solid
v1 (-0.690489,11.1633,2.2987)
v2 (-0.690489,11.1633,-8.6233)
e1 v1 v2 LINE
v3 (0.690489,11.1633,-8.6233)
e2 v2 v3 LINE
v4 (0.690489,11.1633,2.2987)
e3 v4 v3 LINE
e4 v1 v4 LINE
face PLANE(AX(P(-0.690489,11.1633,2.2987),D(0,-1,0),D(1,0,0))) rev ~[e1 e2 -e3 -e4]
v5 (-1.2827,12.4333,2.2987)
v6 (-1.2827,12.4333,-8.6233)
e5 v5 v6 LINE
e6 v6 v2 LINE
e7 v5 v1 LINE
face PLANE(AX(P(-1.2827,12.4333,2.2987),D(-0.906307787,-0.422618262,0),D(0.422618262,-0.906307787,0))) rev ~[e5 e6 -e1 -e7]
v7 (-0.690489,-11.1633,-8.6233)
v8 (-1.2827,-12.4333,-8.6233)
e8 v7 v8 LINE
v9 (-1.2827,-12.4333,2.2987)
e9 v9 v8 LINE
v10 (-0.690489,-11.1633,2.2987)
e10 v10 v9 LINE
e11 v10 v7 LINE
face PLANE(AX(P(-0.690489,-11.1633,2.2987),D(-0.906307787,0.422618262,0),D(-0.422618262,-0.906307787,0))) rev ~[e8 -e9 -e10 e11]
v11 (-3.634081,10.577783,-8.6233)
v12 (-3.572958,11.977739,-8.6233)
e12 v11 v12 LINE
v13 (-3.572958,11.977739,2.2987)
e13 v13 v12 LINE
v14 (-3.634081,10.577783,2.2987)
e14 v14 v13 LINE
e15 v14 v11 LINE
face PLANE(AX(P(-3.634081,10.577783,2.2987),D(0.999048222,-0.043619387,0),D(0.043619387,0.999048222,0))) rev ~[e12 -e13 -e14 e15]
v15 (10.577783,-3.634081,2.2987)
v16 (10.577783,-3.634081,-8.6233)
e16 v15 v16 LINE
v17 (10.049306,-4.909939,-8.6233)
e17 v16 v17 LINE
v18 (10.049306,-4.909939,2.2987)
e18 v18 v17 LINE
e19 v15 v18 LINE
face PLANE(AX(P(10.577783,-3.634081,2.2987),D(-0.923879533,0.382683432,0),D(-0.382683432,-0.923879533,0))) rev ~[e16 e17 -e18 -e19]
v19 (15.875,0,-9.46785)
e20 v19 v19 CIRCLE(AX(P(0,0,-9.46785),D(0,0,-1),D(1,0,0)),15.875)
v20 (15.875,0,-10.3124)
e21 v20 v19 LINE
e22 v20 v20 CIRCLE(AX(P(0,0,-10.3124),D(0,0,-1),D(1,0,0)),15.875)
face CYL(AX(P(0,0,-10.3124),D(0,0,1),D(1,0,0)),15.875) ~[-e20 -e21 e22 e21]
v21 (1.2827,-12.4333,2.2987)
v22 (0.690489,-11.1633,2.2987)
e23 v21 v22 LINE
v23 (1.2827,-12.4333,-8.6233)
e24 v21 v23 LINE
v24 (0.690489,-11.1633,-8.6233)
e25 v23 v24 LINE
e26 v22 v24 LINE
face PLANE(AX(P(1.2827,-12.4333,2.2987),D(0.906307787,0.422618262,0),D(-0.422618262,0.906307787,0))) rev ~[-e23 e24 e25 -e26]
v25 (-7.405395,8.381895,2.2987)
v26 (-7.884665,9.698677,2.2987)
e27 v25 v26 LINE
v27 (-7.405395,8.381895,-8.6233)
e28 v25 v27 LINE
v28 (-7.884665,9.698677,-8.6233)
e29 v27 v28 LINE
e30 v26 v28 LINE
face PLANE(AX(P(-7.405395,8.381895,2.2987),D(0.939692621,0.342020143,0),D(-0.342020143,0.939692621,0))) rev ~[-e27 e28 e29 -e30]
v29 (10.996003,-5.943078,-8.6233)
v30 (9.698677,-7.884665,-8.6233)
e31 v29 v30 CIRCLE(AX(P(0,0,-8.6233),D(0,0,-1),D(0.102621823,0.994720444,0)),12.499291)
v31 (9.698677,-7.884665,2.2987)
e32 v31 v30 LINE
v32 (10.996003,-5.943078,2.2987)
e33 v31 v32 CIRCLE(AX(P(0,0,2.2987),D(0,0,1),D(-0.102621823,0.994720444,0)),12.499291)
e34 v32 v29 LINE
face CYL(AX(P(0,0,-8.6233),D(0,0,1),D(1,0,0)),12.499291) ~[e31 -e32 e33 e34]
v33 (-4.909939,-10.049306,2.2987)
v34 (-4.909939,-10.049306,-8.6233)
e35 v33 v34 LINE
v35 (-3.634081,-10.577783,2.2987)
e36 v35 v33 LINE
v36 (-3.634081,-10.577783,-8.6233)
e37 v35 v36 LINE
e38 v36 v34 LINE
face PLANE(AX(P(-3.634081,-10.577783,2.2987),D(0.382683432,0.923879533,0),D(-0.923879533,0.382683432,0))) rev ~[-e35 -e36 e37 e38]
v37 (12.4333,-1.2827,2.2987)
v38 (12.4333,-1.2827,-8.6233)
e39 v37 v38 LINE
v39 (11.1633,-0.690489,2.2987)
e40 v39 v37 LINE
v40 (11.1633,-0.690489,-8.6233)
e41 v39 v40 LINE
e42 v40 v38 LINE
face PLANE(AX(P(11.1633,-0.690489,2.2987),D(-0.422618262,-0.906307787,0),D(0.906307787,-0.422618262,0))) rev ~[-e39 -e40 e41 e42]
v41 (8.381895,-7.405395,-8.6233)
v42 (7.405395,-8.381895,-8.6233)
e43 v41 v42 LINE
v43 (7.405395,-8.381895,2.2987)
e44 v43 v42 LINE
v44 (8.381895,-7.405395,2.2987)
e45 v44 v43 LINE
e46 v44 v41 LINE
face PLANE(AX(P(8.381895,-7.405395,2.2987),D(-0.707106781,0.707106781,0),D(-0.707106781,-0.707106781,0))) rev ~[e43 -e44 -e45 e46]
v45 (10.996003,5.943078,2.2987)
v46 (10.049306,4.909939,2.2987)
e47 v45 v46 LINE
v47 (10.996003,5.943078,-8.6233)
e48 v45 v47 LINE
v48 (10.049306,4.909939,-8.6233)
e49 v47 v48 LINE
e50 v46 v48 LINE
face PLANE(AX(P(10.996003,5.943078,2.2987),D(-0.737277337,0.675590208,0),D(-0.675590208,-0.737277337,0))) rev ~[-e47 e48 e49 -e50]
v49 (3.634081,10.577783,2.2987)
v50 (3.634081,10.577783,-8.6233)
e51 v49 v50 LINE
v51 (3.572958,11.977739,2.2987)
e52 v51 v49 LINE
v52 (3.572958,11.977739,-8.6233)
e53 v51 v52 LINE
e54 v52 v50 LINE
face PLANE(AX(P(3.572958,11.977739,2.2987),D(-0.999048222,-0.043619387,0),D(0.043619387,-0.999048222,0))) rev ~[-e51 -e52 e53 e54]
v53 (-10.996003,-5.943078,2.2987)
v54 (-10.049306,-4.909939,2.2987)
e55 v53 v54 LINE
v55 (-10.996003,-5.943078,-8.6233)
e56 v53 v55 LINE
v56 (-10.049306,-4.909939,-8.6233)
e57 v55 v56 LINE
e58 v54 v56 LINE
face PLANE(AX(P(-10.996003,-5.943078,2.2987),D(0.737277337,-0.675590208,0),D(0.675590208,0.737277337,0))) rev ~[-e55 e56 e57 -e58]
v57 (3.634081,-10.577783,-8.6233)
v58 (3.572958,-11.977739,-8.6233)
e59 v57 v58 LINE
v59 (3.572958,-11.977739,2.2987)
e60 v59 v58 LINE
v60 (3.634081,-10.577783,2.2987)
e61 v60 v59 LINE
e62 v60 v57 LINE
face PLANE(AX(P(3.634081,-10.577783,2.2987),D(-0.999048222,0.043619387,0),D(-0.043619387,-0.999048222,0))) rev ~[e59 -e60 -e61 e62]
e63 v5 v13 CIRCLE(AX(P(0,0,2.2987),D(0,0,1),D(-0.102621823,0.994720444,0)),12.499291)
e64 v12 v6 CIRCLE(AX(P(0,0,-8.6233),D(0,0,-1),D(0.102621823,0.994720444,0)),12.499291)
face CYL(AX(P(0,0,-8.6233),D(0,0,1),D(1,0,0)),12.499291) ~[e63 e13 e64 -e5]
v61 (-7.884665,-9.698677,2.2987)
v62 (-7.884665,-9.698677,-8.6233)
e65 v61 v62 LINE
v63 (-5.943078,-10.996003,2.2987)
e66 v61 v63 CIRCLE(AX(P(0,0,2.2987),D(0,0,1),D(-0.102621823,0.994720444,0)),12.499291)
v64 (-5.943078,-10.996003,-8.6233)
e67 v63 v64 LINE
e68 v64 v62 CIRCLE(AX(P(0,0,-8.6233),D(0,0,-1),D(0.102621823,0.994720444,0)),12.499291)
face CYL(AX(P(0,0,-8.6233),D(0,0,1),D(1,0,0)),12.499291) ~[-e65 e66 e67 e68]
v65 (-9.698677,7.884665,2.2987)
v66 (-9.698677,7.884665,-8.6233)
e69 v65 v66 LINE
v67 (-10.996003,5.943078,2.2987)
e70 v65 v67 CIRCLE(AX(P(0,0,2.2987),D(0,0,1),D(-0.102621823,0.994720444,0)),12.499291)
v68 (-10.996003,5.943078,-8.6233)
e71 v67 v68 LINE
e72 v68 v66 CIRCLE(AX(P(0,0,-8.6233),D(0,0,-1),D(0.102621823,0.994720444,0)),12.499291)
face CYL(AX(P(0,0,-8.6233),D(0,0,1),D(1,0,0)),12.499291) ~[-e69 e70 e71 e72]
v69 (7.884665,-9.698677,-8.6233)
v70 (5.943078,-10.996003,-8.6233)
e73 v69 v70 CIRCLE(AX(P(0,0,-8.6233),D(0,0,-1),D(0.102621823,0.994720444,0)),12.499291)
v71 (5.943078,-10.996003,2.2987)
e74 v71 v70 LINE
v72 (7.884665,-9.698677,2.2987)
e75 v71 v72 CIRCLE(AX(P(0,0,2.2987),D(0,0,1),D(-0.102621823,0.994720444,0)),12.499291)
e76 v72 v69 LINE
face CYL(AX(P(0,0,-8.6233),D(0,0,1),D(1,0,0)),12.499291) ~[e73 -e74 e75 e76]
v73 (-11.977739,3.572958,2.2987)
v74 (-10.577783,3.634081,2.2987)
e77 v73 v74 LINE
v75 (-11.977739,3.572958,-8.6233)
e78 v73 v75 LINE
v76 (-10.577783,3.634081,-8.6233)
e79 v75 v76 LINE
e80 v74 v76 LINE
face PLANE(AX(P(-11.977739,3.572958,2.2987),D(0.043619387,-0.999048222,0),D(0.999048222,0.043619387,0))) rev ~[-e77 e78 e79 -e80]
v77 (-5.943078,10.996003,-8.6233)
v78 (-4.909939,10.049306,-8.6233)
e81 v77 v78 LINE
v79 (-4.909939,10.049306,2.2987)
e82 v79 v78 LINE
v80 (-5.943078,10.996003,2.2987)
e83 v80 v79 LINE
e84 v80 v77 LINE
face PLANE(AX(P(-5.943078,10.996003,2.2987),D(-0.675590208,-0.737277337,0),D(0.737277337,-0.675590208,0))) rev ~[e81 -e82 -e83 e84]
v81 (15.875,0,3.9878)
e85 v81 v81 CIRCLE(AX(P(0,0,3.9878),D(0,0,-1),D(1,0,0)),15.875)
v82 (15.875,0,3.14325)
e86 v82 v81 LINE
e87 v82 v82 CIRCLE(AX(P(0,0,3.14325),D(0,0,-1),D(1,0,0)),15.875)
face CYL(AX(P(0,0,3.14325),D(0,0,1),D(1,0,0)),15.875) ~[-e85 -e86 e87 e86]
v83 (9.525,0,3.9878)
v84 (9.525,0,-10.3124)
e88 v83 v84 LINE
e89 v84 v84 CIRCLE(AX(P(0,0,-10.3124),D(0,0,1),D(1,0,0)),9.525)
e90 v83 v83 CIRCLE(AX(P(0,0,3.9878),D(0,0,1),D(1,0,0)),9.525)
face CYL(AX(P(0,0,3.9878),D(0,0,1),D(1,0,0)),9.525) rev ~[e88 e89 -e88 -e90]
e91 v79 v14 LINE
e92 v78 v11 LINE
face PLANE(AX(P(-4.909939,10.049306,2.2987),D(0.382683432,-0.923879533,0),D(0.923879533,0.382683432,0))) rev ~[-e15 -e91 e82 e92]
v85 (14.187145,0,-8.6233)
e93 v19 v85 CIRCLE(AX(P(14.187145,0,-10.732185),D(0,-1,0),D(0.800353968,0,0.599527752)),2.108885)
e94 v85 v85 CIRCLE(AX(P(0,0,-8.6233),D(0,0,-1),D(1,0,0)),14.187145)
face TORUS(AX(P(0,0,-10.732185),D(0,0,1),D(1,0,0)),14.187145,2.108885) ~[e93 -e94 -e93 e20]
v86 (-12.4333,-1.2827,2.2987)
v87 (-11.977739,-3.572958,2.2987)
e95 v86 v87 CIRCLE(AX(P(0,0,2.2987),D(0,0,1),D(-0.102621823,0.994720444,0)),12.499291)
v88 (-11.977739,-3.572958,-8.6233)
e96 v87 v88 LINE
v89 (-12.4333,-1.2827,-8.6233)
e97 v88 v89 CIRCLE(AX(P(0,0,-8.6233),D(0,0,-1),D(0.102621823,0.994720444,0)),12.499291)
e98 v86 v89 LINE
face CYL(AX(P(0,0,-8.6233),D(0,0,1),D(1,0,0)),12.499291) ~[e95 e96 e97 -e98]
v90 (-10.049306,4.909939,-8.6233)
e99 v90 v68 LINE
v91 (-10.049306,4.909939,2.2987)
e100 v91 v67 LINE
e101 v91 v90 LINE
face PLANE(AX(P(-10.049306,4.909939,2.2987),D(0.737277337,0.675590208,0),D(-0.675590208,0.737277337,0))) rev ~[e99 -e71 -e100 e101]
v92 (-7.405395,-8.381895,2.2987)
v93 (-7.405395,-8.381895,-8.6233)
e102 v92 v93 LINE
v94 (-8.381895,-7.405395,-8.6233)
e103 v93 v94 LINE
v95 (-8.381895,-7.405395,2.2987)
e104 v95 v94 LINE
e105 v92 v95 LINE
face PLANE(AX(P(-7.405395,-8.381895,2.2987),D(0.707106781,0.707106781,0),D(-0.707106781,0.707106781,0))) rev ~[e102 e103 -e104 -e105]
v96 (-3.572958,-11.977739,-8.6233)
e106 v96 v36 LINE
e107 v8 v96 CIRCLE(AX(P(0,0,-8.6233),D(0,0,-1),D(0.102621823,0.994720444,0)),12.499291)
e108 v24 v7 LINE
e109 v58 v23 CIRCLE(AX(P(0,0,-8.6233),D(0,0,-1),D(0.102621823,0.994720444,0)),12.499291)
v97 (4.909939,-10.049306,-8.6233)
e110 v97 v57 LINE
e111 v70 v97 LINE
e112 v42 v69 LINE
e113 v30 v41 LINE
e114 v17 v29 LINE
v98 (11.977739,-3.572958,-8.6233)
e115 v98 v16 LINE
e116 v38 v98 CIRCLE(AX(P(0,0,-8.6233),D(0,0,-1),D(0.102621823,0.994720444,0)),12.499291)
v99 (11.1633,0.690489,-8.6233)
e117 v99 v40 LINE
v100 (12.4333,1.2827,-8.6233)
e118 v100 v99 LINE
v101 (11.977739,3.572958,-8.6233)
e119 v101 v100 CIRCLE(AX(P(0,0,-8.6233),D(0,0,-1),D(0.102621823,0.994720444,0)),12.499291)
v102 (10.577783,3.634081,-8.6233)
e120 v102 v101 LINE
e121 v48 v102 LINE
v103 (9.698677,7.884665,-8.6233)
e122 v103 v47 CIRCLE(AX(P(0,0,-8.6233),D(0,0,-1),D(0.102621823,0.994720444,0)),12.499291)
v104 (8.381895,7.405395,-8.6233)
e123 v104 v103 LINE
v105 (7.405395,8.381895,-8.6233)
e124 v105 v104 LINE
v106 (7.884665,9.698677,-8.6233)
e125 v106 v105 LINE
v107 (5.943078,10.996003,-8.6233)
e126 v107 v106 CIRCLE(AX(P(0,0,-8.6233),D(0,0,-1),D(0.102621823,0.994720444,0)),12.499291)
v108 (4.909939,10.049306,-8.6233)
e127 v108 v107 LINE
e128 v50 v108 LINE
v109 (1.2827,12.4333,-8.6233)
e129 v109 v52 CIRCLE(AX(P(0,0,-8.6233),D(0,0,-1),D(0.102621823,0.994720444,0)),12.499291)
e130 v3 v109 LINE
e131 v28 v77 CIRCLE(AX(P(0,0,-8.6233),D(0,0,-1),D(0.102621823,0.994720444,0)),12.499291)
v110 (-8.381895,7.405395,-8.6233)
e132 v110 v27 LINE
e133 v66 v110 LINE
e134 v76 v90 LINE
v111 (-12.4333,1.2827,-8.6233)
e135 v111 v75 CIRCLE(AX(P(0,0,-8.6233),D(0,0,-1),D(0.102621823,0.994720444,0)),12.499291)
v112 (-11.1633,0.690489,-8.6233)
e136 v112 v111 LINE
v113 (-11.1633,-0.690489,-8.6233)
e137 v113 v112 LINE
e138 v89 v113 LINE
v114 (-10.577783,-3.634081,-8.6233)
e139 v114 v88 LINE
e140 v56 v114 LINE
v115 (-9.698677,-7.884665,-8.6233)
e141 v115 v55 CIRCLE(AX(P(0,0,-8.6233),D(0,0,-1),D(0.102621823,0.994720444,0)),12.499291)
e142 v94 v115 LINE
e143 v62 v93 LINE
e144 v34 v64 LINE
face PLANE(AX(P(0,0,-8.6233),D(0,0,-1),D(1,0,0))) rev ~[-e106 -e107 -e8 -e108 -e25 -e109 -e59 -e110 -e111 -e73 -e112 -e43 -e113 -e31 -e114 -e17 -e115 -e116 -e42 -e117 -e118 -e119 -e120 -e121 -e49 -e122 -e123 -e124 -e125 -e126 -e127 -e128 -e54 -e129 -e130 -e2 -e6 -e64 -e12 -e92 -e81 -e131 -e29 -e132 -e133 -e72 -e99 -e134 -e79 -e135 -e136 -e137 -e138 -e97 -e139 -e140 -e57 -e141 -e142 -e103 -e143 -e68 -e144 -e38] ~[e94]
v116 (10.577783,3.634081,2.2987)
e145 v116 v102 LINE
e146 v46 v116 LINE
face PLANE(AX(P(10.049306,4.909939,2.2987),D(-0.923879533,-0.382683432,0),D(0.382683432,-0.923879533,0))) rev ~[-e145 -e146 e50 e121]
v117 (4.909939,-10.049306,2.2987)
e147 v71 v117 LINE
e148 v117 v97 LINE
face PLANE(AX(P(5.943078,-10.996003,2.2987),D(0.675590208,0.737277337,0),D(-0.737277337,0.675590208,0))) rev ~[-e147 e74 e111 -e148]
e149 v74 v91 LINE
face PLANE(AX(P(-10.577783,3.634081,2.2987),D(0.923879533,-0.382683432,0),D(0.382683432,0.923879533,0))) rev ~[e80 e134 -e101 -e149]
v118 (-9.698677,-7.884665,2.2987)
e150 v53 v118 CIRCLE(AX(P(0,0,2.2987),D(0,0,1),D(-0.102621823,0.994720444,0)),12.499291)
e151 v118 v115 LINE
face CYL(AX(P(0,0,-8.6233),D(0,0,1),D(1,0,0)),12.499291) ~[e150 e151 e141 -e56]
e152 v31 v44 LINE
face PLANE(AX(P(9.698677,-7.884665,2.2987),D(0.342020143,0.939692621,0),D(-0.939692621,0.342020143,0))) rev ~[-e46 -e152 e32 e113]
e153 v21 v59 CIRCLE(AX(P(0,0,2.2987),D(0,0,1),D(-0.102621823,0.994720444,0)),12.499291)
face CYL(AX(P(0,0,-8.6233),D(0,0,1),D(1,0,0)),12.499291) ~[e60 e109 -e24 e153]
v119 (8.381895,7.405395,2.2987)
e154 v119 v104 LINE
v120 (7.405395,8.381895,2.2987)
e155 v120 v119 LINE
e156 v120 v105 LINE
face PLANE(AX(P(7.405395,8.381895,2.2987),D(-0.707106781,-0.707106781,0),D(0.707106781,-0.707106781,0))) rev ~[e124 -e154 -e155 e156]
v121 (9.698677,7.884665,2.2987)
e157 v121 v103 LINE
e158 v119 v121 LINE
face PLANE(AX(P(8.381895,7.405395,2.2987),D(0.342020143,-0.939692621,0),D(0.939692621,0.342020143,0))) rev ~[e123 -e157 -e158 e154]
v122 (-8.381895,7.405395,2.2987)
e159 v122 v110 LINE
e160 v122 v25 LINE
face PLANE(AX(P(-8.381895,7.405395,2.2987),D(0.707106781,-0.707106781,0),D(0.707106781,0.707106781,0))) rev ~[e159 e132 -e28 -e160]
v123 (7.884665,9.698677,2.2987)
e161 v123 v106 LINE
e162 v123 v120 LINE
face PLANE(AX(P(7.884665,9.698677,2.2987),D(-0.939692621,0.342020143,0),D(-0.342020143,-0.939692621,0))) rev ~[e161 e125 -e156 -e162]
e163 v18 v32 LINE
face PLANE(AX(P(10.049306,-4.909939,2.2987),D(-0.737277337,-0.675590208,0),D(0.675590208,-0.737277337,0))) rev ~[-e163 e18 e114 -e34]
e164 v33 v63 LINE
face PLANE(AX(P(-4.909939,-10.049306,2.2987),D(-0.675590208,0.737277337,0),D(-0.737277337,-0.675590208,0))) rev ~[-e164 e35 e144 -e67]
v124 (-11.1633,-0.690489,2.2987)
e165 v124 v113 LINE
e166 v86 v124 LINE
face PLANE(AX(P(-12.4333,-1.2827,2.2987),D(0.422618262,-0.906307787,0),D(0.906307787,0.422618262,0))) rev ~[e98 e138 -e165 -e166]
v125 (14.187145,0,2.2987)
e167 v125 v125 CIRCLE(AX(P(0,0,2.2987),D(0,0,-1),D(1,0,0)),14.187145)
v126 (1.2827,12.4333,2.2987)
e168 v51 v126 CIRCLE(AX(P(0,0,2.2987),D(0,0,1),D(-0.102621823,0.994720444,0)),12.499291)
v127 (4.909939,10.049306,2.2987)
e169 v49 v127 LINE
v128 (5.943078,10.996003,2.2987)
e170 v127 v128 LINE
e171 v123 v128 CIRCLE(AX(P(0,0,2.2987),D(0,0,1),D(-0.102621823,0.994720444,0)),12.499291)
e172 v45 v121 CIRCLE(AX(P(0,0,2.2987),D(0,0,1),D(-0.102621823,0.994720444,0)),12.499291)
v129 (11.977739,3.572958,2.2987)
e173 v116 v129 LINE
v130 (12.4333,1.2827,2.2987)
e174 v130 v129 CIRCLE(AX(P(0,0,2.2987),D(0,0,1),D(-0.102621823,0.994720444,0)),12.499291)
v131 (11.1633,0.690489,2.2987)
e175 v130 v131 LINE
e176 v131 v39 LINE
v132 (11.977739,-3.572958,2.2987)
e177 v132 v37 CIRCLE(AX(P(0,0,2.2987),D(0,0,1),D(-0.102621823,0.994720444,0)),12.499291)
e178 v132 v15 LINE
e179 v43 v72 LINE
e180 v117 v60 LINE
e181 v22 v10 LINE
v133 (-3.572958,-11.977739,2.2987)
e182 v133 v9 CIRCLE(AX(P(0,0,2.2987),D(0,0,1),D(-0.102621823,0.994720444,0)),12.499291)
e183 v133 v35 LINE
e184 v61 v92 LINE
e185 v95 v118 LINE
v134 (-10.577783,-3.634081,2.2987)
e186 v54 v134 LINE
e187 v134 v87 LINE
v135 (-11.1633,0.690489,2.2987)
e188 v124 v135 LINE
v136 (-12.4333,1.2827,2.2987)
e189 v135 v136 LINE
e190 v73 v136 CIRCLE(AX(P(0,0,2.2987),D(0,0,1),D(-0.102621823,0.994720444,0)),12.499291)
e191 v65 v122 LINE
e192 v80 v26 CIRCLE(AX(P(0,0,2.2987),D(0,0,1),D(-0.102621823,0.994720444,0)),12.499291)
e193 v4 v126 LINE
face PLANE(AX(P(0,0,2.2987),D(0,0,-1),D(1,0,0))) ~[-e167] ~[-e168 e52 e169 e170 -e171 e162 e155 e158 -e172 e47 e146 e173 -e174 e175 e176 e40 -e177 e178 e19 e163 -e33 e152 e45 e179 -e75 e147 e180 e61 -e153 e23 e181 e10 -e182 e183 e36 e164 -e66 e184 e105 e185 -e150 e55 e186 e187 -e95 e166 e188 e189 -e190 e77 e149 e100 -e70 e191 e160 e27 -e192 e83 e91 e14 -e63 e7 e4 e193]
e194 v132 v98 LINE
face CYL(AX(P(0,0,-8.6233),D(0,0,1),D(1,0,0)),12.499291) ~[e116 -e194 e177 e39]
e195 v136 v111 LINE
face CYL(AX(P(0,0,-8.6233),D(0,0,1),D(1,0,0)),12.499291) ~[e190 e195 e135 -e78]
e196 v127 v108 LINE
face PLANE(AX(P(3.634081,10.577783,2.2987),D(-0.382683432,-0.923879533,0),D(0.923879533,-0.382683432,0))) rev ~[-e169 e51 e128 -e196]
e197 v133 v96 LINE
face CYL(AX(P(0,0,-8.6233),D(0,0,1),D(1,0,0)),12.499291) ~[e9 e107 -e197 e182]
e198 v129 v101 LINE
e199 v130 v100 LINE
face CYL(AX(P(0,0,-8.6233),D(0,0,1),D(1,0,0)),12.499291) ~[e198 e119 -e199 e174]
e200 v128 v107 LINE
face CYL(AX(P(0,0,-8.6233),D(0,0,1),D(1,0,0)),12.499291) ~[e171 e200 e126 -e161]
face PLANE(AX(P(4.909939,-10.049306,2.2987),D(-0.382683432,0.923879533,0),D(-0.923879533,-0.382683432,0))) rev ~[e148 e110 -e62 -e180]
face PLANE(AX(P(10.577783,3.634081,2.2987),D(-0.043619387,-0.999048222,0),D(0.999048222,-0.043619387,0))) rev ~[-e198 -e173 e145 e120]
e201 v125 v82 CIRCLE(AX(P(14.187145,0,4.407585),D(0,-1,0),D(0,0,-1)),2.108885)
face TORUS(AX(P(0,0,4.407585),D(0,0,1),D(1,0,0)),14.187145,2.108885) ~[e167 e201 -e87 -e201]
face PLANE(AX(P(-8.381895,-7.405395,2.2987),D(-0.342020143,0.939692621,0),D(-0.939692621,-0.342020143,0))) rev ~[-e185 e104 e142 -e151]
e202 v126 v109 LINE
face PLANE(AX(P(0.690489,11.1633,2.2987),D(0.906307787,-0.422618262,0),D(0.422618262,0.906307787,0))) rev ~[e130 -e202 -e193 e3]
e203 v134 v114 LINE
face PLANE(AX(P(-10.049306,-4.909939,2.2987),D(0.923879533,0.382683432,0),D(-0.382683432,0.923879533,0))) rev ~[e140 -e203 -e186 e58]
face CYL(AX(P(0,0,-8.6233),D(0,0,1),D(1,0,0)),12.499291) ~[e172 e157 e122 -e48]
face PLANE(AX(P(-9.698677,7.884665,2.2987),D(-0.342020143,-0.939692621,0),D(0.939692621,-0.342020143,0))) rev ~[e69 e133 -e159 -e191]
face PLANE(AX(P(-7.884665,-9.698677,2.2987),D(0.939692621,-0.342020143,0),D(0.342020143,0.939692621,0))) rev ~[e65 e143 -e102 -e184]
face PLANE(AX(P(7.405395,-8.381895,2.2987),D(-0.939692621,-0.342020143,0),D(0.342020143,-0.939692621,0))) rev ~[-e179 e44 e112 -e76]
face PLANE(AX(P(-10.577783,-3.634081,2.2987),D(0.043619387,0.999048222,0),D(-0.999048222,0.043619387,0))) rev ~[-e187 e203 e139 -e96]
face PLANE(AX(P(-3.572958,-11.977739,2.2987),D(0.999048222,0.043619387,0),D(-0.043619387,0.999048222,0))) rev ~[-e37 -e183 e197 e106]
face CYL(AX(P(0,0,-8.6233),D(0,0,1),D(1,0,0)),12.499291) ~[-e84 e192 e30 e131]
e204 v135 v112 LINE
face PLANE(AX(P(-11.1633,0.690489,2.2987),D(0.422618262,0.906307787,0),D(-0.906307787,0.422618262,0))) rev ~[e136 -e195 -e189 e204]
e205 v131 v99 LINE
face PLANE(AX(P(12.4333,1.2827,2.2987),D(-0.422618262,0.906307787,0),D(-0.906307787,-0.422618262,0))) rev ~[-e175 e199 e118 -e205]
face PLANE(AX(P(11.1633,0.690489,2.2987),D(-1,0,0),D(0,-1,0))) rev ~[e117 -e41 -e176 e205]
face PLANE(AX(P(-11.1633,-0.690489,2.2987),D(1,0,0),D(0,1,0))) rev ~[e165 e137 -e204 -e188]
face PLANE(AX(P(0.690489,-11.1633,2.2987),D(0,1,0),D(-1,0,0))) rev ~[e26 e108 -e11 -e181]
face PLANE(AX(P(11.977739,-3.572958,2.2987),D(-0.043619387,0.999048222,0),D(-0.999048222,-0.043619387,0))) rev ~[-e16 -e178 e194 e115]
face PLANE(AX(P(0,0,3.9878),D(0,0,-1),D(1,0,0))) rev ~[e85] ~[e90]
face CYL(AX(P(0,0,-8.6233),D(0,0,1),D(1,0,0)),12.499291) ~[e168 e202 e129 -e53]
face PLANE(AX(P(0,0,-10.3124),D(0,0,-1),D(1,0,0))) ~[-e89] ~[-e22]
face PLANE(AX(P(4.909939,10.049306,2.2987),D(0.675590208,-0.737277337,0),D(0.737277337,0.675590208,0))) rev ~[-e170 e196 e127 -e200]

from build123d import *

# Parameters (mm, degrees)
CUT_EXTRUDE1_START = 2.2987
CUT_EXTRUDE1_DEPTH = 10.922
CIRPATTERN1_COUNT  = 16
SKETCH8_R          = 9.525
CUT_EXTRUDE2_DEPTH = 27.618169923


with BuildPart() as part:
    # Sketch2 → Revolve1 (revolve)
    with BuildSketch(Plane(origin=(0, 0, 0), x_dir=(0, 0, -1), z_dir=(1, 0, 0)), mode=Mode.PRIVATE) as revolve1_sk:
        with BuildLine():
            Line((-3.9878, 3.175), (10.3124, 3.175))
            Line((10.3124, 3.175), (10.3124, 15.875))
            Line((10.3124, 15.875), (9.46785, 15.875))
            ThreePointArc((9.46785, 15.875), (8.846219323, 15.130824061), (8.6233, 14.187145354))
            Line((8.6233, 14.187145354), (8.6233, 12.499290707))
            Line((8.6233, 12.499290707), (-2.2987, 12.499290707))
            Line((-2.2987, 12.499290707), (-2.2987, 14.187145354))
            ThreePointArc((-2.2987, 14.187145354), (-2.521619323, 15.130824061), (-3.14325, 15.875))
            Line((-3.14325, 15.875), (-3.9878, 15.875))
            Line((-3.9878, 15.875), (-3.9878, 8.7376))
            Line((-3.9878, 8.7376), (-3.9878, 3.175))
        make_face()
    revolve(revolve1_sk.sketch.rotate(Axis((0, 0, 10.3124), (0, 0, -1)), 90), axis=Axis((0, 0, 10.3124), (0, 0, -1)))

    # Sketch3 → Cut-Extrude1 (cut)
    with BuildSketch(Plane.XY.offset(CUT_EXTRUDE1_START)):
        with BuildLine():
            Line((-0.690489274, 11.1633), (0.690489274, 11.1633))
            Line((0.690489274, 11.1633), (1.2827, 12.4333))
            ThreePointArc((1.2827, 12.4333), (0, 12.499290707), (-1.2827, 12.4333))
            Line((-1.2827, 12.4333), (-0.690489274, 11.1633))
        make_face()
    cut_extrude1 = extrude(amount=-CUT_EXTRUDE1_DEPTH, mode=Mode.SUBTRACT)

    # CirPattern1: Cut-Extrude1 ×16 about axis
    cirpattern1_axis = Axis((0, 0, 0), (0, 0, 1))
    for i in range(1, CIRPATTERN1_COUNT):
        add(cut_extrude1.rotate(cirpattern1_axis, i * 360 / CIRPATTERN1_COUNT), mode=Mode.SUBTRACT)

    # Sketch8 → Cut-Extrude2 (cut, through all)
    with BuildSketch(Plane.XY.offset(3.9878)):
        Circle(SKETCH8_R)
    extrude(amount=-CUT_EXTRUDE2_DEPTH, mode=Mode.SUBTRACT)


solid = part.part
